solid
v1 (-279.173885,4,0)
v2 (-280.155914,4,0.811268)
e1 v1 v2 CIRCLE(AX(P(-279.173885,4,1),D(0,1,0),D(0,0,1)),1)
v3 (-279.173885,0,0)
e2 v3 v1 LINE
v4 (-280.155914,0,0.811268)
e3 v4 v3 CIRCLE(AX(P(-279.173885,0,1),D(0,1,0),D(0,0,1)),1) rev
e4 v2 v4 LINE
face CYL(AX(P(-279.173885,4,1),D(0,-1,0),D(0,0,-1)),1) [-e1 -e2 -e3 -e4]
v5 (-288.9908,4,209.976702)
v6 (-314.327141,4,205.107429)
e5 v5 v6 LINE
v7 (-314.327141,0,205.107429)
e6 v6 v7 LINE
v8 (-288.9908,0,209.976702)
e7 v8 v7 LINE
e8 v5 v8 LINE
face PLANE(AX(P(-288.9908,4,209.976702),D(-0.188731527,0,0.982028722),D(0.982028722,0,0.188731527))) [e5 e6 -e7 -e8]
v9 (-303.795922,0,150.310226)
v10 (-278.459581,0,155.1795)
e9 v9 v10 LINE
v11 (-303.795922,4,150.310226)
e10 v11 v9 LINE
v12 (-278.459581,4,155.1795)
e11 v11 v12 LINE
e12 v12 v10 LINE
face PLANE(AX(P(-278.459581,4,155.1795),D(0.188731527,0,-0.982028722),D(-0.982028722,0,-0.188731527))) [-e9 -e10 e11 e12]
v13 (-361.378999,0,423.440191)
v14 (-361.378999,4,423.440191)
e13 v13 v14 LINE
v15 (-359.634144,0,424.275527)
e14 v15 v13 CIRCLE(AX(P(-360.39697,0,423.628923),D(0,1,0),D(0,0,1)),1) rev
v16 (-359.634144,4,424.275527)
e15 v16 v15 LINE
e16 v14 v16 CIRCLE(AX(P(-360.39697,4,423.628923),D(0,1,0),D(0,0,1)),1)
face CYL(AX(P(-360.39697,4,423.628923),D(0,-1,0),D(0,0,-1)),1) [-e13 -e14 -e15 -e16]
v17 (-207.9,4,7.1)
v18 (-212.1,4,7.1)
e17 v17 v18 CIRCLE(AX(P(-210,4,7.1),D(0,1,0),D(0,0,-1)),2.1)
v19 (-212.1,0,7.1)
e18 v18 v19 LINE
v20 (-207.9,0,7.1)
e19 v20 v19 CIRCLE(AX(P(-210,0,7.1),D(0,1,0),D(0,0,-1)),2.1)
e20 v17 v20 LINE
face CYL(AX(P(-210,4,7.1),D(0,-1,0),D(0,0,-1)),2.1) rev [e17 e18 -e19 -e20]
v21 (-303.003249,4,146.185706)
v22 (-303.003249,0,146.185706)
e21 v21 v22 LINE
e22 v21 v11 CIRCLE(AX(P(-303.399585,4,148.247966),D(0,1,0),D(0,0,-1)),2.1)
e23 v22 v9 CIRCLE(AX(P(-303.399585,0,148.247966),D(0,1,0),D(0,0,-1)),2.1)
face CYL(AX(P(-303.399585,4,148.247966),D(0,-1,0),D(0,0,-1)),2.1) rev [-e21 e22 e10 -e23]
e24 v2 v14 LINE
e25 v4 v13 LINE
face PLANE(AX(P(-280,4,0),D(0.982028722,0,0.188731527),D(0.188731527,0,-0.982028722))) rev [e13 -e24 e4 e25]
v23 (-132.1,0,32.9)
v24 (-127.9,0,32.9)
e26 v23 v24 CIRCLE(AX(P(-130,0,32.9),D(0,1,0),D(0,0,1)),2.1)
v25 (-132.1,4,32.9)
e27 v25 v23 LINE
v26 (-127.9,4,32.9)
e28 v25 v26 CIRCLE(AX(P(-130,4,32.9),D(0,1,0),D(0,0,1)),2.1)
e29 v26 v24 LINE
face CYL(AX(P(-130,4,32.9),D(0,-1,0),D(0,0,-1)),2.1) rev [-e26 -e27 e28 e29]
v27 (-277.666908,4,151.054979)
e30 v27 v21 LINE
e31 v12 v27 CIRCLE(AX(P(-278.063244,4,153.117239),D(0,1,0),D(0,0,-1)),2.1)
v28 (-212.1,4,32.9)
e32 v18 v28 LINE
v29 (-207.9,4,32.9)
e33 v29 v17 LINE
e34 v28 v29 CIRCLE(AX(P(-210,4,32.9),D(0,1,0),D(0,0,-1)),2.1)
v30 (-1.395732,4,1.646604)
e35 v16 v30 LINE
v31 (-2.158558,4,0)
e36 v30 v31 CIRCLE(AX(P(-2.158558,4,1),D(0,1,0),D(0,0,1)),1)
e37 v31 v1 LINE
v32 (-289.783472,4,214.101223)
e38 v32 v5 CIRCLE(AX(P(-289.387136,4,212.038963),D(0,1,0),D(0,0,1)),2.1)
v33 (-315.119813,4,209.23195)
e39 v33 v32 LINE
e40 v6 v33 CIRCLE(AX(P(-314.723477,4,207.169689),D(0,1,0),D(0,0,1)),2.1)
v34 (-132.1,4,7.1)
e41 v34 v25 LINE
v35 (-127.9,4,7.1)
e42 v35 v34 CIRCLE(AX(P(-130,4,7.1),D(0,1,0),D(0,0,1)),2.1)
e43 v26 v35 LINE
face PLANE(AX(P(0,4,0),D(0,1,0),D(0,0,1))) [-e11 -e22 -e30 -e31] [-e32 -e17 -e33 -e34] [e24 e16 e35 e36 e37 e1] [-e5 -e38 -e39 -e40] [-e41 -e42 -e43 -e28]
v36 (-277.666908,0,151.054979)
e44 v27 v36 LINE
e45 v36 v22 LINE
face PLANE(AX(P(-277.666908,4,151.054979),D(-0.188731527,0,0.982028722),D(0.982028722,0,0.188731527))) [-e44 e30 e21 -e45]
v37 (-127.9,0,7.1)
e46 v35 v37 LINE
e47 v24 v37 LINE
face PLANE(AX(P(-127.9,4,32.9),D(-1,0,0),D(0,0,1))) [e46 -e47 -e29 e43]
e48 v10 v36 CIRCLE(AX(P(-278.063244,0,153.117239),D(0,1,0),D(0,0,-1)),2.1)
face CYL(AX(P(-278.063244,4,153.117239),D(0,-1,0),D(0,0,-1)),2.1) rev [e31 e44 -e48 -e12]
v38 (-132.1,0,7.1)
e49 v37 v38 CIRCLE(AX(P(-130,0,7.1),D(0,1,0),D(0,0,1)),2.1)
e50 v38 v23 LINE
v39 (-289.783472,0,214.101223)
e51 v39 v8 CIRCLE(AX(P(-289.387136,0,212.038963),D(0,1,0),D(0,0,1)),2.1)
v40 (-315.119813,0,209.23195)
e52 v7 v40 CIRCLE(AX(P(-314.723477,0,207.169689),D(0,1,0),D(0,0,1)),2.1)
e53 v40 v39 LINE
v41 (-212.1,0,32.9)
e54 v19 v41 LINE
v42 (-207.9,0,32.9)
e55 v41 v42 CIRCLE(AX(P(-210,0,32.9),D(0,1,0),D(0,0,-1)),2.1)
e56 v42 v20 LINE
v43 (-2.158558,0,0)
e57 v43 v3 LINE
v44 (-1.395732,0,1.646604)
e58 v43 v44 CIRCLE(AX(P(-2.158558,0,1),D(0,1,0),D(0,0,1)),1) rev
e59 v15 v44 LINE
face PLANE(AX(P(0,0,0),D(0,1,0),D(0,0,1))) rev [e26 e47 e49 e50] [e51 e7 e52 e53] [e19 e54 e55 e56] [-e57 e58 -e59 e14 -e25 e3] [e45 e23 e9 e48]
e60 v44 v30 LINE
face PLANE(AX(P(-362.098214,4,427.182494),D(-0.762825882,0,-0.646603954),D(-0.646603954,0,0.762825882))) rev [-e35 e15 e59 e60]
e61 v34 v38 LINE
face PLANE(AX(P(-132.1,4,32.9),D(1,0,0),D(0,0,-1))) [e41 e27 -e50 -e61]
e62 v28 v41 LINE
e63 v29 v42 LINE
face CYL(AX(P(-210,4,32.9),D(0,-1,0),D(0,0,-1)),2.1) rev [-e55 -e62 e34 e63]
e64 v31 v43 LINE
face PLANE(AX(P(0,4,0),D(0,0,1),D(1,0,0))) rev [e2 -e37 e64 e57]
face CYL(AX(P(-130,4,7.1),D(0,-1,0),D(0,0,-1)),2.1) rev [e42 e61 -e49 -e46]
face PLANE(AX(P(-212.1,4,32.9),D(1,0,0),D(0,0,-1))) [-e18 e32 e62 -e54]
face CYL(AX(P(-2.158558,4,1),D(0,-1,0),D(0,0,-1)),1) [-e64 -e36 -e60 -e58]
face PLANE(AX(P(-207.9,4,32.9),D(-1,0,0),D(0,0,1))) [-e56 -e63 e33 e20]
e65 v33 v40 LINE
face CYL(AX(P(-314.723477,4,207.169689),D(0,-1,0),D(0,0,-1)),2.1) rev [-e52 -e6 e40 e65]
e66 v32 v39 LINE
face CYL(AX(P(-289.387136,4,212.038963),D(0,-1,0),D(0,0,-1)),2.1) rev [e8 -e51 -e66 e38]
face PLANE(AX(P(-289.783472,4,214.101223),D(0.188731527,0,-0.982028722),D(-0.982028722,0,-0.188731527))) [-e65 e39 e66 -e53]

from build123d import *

# Parameters (mm, degrees)
BOSS_EXTRUDE1_DEPTH = 4
FILLET1_R           = 1


with BuildPart() as part:
    # Sketch1 → Boss-Extrude1 (new body)
    with BuildSketch(Plane(origin=(0, 0, 0), x_dir=(-1, 0, 0), z_dir=(0, 1, 0))):
        Polygon((0, 0), (280, 0), (362.098214286, 427.182494036), align=None)
        with BuildLine():
            Line((207.9, 32.9), (207.9, 7.1))
            ThreePointArc((207.9, 7.1), (210, 5), (212.1, 7.1))
            Line((212.1, 7.1), (212.1, 32.9))
            ThreePointArc((212.1, 32.9), (210, 35), (207.9, 32.9))
        make_face(mode=Mode.SUBTRACT)
        with BuildLine():
            Line((132.1, 32.9), (132.1, 7.1))
            ThreePointArc((132.1, 7.1), (130, 5), (127.9, 7.1))
            Line((127.9, 7.1), (127.9, 32.9))
            ThreePointArc((127.9, 32.9), (130, 35), (132.1, 32.9))
        make_face(mode=Mode.SUBTRACT)
        with BuildLine():
            Line((277.666908222, 151.054979007), (303.003249248, 146.185705608))
            ThreePointArc((303.003249248, 146.185705608), (305.46184577, 147.851629717), (303.795921661, 150.31022624))
            Line((303.795921661, 150.31022624), (278.459580636, 155.179499639))
            ThreePointArc((278.459580636, 155.179499639), (276.000984113, 153.51357553), (277.666908222, 151.054979007))
        make_face(mode=Mode.SUBTRACT)
        with BuildLine():
            Line((289.783472261, 214.101222954), (315.119813287, 209.231949555))
            ThreePointArc((315.119813287, 209.231949555), (316.785737396, 206.773353032), (314.327140873, 205.107428923))
            Line((314.327140873, 205.107428923), (288.990799848, 209.976702322))
            ThreePointArc((288.990799848, 209.976702322), (287.324875738, 212.435298845), (289.783472261, 214.101222954))
        make_face(mode=Mode.SUBTRACT)
    extrude(amount=BOSS_EXTRUDE1_DEPTH)

    # Fillet1
    fillet1_edges = [part.edges().sort_by_distance(p)[0] for p in [
        (-362.098214286, 2, 427.182494036),
        (-280, 2, 0),
        (0, 2, 0),
    ]]
    fillet(fillet1_edges, radius=FILLET1_R)


solid = part.part
